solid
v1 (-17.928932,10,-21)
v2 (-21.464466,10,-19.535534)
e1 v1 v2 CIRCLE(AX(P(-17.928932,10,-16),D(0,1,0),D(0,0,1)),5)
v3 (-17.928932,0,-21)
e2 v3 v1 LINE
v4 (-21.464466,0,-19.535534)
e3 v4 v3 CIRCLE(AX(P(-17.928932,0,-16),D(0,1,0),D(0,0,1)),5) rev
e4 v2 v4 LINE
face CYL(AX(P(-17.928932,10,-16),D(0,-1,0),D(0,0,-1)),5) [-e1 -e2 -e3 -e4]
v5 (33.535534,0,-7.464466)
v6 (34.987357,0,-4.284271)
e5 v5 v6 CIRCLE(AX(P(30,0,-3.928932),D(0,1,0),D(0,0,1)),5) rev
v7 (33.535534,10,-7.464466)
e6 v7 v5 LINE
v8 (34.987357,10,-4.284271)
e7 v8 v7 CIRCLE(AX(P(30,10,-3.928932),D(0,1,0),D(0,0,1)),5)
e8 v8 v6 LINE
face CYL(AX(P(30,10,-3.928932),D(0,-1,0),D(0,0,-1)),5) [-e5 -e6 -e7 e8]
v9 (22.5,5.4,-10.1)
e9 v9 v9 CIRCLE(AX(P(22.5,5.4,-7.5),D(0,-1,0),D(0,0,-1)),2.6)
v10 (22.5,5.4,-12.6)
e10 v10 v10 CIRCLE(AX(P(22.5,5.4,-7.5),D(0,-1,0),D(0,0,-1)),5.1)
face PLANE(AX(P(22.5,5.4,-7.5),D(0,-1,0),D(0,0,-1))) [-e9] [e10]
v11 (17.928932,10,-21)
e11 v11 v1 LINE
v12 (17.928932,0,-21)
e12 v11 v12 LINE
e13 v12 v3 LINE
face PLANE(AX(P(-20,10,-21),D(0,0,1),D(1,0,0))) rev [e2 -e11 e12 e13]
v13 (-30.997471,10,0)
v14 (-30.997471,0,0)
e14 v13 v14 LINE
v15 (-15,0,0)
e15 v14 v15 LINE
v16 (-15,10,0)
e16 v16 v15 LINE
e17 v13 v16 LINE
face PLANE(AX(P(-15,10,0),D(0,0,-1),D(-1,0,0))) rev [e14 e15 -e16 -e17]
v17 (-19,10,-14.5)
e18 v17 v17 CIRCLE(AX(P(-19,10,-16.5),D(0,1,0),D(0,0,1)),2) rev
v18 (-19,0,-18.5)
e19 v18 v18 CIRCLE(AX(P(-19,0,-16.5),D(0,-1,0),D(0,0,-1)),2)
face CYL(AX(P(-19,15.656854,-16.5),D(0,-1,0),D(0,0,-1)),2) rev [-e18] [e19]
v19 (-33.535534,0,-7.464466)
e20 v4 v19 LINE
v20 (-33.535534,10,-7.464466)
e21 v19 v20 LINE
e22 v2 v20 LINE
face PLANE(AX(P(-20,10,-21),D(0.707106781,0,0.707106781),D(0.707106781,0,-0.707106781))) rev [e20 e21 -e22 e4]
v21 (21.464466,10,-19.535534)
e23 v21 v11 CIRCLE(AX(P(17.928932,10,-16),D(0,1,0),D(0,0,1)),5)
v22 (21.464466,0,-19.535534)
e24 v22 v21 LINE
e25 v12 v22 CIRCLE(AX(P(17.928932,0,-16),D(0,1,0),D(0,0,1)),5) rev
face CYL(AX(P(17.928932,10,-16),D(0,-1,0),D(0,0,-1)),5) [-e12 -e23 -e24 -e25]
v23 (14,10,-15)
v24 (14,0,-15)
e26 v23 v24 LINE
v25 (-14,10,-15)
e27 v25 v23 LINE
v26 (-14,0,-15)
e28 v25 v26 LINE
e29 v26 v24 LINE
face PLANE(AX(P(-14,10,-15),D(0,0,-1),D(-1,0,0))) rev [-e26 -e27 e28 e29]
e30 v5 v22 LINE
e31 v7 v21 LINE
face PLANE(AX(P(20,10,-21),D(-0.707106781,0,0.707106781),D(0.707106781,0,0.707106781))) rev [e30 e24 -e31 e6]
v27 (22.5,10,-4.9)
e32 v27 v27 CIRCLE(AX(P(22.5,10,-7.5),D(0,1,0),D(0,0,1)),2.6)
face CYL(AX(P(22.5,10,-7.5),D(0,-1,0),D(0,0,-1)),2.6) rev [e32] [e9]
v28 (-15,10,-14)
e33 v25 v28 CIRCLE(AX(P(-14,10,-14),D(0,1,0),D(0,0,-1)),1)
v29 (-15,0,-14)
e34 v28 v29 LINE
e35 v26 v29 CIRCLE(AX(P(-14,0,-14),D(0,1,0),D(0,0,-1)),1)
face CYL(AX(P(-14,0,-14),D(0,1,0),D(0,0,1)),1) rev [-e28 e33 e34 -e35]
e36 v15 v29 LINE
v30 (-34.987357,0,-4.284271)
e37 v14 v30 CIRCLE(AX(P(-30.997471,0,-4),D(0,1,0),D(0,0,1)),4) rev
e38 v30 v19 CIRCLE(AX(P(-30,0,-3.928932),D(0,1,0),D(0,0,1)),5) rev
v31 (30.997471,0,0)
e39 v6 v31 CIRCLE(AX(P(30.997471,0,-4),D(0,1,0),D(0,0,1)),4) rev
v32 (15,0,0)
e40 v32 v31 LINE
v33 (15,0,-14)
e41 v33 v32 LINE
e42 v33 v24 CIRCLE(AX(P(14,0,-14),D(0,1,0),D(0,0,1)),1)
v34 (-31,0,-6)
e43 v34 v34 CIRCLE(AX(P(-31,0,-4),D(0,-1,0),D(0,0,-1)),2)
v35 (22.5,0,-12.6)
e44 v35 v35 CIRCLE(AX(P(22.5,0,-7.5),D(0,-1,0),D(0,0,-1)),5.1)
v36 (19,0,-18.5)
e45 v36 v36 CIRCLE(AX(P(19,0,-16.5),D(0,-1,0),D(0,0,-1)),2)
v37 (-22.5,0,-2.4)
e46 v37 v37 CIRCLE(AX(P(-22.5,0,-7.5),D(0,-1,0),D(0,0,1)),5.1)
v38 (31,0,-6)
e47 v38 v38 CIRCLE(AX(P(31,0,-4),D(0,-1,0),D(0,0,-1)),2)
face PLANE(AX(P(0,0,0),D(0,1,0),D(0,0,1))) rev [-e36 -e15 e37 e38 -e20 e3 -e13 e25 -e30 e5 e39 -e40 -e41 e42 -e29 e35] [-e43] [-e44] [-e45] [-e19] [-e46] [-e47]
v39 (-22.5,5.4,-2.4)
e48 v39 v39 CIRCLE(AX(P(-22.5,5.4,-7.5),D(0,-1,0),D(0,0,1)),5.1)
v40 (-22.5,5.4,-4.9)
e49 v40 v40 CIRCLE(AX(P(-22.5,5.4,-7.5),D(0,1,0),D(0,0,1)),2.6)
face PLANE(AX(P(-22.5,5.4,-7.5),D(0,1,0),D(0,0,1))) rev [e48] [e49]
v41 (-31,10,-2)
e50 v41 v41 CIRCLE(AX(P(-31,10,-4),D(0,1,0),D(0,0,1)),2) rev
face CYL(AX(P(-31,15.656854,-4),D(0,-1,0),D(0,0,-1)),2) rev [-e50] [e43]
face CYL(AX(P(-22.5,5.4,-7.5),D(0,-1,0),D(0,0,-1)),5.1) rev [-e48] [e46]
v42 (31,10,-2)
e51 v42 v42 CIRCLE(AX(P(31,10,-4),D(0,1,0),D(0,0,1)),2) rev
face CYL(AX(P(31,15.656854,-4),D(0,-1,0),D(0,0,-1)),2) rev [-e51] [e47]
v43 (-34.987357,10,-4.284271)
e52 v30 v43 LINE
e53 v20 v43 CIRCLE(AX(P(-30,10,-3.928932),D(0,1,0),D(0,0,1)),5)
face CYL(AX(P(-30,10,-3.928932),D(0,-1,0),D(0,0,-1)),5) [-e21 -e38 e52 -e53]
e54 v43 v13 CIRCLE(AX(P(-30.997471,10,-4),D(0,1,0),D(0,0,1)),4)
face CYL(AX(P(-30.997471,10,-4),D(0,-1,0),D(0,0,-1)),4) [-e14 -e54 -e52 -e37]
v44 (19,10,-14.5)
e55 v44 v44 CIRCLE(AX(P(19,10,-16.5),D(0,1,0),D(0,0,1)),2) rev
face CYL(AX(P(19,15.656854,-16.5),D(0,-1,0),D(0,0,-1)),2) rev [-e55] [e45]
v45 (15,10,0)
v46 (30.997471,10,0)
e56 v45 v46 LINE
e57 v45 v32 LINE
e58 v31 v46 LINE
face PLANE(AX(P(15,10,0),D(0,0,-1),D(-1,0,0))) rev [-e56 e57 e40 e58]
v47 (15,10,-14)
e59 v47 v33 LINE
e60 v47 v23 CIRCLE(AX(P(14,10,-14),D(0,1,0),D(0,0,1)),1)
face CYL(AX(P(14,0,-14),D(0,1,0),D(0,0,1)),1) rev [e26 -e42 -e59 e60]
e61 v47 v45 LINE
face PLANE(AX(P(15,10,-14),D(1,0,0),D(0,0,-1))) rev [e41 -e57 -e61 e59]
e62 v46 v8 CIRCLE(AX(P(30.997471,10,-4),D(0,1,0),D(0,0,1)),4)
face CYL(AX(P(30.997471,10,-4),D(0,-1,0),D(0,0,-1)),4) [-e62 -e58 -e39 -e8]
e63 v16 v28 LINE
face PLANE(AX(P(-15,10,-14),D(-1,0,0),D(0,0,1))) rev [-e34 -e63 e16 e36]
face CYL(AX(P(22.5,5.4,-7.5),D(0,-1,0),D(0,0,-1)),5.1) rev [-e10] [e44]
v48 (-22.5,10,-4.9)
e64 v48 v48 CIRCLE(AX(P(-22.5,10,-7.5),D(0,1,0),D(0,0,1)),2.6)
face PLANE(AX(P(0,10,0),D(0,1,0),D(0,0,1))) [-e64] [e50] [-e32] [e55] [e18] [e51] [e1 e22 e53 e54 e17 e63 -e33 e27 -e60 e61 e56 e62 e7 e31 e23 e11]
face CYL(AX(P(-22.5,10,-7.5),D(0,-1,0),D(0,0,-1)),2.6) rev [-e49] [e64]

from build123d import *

# Parameters (mm, degrees)
ESQUISSE1_R             = 2.6
BOSS_EXTRU_1_DEPTH      = 10
ESQUISSE7_R             = 5.1
ENL_V_MAT_EXTRU_4_DEPTH = 5.4
ESQUISSE4_R             = 2
ENL_V_MAT_EXTRU_2_DEPTH = 10
ENL_V_MAT_EXTRU_3_DEPTH = 11
CONG_1_R                = 5
CONG_2_R                = 4


with BuildPart() as part:
    # Esquisse1 → Boss.-Extru.1 (new body)
    with BuildSketch(Plane(origin=(0, 0, 0), x_dir=(1, 0, 0), z_dir=(0, 1, 0))):
        Polygon((-20, 21), (20, 21), (35, 6), (35, 0), (15, 0), (15, 14), (14, 15), (-14, 15), (-15, 14), (-15, 0), (-35, 0), (-35, 6), align=None)
        with Locations((-22.5, 7.5)):
            Circle(ESQUISSE1_R, mode=Mode.SUBTRACT)
        with Locations((22.5, 7.5)):
            Circle(ESQUISSE1_R, mode=Mode.SUBTRACT)
    extrude(amount=BOSS_EXTRU_1_DEPTH)

    # Esquisse7 → Enlèv. mat.-Extru.4 (cut)
    with BuildSketch(Plane.XZ):
        with Locations((22.5, -7.5)):
            Circle(ESQUISSE7_R)
        with Locations((-22.5, -7.5)):
            Circle(ESQUISSE7_R)
    extrude(amount=-ENL_V_MAT_EXTRU_4_DEPTH, mode=Mode.SUBTRACT)

    # Esquisse4 → Enlèv. mat.-Extru.2 (cut)
    with BuildSketch(Plane.XZ):
        with Locations((19, -16.5)):
            Circle(ESQUISSE4_R)
        with Locations((-19, -16.5)):
            Circle(ESQUISSE4_R)
        with Locations((-31, -4)):
            Circle(ESQUISSE4_R)
        with Locations((31, -4)):
            Circle(ESQUISSE4_R)
    extrude(amount=-ENL_V_MAT_EXTRU_2_DEPTH, mode=Mode.SUBTRACT)

    # Esquisse5 → Enlèv. mat.-Extru.3 (cut, through all)
    with BuildSketch(Plane(origin=(0, 10, 0), x_dir=(1, 0, 0), z_dir=(0, 1, 0))):
        with BuildLine():
            Line((15, 14), (14, 14))
            Line((14, 14), (14, 15))
            ThreePointArc((14, 15), (14.707106781, 14.707106781), (15, 14))
        make_face()
        with BuildLine():
            Line((-14, 14), (-14, 15))
            ThreePointArc((-14, 15), (-14.707106781, 14.707106781), (-15, 14))
            Line((-15, 14), (-14, 14))
        make_face()
    extrude(amount=-ENL_V_MAT_EXTRU_3_DEPTH, mode=Mode.SUBTRACT)

    # Congé1
    cong_1_edges = [part.edges().sort_by_distance(p)[0] for p in [
        (-35, 5, -6),
        (-20, 5, -21),
        (20, 5, -21),
        (35, 5, -6),
    ]]
    fillet(cong_1_edges, radius=CONG_1_R)

    # Congé2
    cong_2_edges = [part.edges().sort_by_distance(p)[0] for p in [
        (35, 5, 0),
        (-35, 5, 0),
    ]]
    fillet(cong_2_edges, radius=CONG_2_R)


solid = part.part
